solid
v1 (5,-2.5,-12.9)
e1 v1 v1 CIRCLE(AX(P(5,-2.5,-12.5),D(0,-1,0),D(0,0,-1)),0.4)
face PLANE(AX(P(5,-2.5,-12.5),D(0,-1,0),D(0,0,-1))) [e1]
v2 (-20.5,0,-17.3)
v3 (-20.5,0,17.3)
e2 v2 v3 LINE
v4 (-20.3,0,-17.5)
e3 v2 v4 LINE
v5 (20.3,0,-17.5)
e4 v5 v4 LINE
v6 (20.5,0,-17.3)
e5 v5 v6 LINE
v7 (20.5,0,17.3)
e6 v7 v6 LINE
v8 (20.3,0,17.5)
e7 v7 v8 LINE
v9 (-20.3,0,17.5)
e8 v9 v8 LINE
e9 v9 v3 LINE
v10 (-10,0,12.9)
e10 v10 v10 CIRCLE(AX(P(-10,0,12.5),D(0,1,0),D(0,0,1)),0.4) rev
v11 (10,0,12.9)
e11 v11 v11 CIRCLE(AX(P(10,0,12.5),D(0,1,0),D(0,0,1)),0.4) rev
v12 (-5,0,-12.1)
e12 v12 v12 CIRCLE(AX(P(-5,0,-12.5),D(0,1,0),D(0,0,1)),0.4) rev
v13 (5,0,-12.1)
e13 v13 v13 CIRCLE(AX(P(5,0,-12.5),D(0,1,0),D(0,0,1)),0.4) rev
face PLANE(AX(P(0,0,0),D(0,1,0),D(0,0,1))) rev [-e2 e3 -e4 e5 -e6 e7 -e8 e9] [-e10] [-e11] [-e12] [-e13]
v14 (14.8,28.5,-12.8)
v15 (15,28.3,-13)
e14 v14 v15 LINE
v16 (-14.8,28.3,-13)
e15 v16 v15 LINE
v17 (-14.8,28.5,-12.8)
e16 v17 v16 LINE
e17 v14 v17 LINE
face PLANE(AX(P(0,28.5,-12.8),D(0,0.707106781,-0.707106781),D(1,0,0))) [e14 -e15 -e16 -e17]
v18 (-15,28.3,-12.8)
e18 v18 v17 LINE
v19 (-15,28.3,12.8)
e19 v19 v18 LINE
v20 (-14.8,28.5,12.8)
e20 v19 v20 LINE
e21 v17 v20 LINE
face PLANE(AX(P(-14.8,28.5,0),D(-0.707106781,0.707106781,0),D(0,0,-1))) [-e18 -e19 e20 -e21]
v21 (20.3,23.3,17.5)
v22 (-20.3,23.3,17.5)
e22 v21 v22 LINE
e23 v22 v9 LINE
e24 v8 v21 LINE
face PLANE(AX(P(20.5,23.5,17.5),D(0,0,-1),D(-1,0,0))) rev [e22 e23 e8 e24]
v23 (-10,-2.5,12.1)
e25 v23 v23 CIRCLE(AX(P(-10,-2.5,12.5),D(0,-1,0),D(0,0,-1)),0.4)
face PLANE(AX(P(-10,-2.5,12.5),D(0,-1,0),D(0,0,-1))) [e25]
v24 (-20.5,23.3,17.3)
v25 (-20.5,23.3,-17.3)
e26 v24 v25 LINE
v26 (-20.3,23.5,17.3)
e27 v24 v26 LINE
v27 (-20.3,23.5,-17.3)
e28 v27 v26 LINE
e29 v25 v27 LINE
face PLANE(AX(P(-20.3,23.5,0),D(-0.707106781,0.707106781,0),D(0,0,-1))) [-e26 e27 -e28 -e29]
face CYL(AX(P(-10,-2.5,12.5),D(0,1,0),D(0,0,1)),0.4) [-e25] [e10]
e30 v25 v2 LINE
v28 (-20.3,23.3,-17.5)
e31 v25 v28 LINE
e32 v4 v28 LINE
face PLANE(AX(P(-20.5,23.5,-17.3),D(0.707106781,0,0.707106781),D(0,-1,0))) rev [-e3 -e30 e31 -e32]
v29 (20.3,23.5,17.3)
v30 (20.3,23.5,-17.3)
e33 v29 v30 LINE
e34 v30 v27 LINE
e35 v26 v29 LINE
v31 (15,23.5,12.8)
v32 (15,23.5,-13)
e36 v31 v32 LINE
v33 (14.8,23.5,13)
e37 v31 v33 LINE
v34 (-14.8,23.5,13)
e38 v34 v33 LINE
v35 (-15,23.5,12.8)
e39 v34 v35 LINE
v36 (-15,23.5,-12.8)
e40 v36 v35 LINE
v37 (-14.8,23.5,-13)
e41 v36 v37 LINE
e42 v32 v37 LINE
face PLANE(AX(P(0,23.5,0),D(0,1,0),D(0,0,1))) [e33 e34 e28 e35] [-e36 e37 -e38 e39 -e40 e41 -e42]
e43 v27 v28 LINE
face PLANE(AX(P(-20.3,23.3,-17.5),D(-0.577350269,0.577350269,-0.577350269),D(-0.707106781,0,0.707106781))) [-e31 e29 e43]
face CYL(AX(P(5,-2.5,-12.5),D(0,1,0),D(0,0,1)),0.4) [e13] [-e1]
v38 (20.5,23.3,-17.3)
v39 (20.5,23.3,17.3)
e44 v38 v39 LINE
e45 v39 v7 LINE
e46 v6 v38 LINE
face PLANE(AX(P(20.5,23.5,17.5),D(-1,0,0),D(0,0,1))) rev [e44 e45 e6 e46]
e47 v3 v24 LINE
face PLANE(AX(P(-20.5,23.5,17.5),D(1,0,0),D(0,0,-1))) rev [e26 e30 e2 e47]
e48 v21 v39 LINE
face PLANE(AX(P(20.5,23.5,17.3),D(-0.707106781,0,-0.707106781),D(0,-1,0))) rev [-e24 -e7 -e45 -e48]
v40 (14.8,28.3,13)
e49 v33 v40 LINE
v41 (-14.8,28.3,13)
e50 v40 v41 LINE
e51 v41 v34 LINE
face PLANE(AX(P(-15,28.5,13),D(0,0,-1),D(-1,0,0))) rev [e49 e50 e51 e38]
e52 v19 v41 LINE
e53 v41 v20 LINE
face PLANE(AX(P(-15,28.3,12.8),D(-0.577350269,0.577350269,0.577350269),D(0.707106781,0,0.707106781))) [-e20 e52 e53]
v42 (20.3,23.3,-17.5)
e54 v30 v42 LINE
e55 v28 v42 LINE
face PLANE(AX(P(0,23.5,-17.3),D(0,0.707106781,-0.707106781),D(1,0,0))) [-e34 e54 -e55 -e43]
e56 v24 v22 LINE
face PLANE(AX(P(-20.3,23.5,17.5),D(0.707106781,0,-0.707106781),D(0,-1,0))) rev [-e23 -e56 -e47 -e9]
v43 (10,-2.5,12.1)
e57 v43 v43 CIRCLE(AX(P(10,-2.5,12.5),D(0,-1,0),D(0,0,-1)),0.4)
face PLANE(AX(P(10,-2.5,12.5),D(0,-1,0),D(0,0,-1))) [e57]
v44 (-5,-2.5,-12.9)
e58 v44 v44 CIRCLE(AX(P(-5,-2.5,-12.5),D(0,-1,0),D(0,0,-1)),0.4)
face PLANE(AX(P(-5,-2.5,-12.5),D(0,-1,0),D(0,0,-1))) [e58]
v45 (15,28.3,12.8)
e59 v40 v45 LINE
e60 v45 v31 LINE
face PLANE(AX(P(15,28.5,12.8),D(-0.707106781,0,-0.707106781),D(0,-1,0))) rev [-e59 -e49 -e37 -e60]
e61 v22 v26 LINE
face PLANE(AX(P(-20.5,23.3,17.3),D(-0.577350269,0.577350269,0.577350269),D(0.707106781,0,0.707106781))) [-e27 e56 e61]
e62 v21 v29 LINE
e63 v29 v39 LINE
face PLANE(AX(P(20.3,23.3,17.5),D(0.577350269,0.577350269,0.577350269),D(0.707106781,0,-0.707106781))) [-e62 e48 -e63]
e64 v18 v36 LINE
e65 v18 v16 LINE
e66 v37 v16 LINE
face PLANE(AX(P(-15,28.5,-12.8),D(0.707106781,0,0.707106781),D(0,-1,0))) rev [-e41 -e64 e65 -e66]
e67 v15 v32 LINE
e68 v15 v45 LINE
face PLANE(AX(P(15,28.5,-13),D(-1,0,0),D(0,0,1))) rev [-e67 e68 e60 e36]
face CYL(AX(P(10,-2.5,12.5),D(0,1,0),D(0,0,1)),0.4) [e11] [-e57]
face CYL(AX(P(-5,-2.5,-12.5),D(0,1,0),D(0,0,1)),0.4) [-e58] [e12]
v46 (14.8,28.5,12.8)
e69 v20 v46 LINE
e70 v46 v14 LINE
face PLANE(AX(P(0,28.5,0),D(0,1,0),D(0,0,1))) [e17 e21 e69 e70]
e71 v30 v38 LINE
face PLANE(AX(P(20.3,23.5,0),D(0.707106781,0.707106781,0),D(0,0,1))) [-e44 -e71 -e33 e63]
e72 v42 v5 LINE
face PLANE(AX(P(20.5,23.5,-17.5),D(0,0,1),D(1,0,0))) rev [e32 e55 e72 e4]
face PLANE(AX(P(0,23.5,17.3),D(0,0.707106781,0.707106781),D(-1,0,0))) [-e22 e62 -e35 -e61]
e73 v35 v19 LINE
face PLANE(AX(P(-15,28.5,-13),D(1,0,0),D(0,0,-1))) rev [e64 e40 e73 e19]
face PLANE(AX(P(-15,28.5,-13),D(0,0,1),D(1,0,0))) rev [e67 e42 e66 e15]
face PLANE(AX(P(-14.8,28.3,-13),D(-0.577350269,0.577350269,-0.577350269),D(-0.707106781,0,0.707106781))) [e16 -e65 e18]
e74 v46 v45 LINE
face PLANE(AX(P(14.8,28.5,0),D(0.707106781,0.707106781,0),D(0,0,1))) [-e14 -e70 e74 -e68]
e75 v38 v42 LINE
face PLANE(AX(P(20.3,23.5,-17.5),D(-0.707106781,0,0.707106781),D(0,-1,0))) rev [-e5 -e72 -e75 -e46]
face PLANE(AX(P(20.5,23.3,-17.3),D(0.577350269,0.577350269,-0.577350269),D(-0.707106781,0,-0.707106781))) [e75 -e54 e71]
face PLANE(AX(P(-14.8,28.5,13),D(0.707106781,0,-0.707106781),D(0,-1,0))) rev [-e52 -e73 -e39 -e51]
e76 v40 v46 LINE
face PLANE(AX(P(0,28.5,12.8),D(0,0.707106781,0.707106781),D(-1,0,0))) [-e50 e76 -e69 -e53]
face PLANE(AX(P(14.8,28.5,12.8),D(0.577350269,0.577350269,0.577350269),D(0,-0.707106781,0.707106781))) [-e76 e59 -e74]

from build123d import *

# Parameters (mm, degrees)
SKETCH2_W           = 41
SKETCH2_H           = 35
BOSS_EXTRUDE1_DEPTH = 23.5
SKETCH3_W           = 30
SKETCH3_H           = 26
BOSS_EXTRUDE2_DEPTH = 5
SKETCH4_R           = 0.4
BOSS_EXTRUDE3_DEPTH = 2.5
CHAMFER1_SIZE       = 0.2


with BuildPart() as part:
    # Sketch2 → Boss-Extrude1 (new body)
    with BuildSketch(Plane(origin=(0, 0, 0), x_dir=(1, 0, 0), z_dir=(0, 1, 0))):
        Rectangle(SKETCH2_W, SKETCH2_H)
    extrude(amount=BOSS_EXTRUDE1_DEPTH)

    # Sketch3 → Boss-Extrude2 (add)
    with BuildSketch(Plane(origin=(0, 23.5, 0), x_dir=(1, 0, 0), z_dir=(0, 1, 0))):
        Rectangle(SKETCH3_W, SKETCH3_H)
    extrude(amount=BOSS_EXTRUDE2_DEPTH)

    # Sketch4 → Boss-Extrude3 (add)
    with BuildSketch(Plane.XZ):
        with Locations(Location((-10, 12.5, 0), (0, 0, 90))):
            Circle(SKETCH4_R)
        with Locations(Location((10, 12.5, 0), (0, 0, 90))):
            Circle(SKETCH4_R)
        with Locations(Location((-5, -12.5, 0), (0, 0, 90))):
            Circle(SKETCH4_R)
        with Locations(Location((5, -12.5, 0), (0, 0, 90))):
            Circle(SKETCH4_R)
    extrude(amount=BOSS_EXTRUDE3_DEPTH)

    # Chamfer1
    chamfer1_edges = [part.edges().sort_by_distance(p)[0] for p in [
        (20.5, 23.5, 0),
        (0, 23.5, -17.5),
        (15, 26, 13),
        (-15, 26, -13),
        (-15, 26, 13),
        (15, 28.5, 0),
        (0, 28.5, -13),
        (-15, 28.5, 0),
        (0, 28.5, 13),
        (-20.5, 23.5, 0),
        (0, 23.5, 17.5),
        (-20.5, 11.75, -17.5),
        (20.5, 11.75, -17.5),
        (20.5, 11.75, 17.5),
        (-20.5, 11.75, 17.5),
    ]]
    chamfer(chamfer1_edges, length=CHAMFER1_SIZE)


solid = part.part
